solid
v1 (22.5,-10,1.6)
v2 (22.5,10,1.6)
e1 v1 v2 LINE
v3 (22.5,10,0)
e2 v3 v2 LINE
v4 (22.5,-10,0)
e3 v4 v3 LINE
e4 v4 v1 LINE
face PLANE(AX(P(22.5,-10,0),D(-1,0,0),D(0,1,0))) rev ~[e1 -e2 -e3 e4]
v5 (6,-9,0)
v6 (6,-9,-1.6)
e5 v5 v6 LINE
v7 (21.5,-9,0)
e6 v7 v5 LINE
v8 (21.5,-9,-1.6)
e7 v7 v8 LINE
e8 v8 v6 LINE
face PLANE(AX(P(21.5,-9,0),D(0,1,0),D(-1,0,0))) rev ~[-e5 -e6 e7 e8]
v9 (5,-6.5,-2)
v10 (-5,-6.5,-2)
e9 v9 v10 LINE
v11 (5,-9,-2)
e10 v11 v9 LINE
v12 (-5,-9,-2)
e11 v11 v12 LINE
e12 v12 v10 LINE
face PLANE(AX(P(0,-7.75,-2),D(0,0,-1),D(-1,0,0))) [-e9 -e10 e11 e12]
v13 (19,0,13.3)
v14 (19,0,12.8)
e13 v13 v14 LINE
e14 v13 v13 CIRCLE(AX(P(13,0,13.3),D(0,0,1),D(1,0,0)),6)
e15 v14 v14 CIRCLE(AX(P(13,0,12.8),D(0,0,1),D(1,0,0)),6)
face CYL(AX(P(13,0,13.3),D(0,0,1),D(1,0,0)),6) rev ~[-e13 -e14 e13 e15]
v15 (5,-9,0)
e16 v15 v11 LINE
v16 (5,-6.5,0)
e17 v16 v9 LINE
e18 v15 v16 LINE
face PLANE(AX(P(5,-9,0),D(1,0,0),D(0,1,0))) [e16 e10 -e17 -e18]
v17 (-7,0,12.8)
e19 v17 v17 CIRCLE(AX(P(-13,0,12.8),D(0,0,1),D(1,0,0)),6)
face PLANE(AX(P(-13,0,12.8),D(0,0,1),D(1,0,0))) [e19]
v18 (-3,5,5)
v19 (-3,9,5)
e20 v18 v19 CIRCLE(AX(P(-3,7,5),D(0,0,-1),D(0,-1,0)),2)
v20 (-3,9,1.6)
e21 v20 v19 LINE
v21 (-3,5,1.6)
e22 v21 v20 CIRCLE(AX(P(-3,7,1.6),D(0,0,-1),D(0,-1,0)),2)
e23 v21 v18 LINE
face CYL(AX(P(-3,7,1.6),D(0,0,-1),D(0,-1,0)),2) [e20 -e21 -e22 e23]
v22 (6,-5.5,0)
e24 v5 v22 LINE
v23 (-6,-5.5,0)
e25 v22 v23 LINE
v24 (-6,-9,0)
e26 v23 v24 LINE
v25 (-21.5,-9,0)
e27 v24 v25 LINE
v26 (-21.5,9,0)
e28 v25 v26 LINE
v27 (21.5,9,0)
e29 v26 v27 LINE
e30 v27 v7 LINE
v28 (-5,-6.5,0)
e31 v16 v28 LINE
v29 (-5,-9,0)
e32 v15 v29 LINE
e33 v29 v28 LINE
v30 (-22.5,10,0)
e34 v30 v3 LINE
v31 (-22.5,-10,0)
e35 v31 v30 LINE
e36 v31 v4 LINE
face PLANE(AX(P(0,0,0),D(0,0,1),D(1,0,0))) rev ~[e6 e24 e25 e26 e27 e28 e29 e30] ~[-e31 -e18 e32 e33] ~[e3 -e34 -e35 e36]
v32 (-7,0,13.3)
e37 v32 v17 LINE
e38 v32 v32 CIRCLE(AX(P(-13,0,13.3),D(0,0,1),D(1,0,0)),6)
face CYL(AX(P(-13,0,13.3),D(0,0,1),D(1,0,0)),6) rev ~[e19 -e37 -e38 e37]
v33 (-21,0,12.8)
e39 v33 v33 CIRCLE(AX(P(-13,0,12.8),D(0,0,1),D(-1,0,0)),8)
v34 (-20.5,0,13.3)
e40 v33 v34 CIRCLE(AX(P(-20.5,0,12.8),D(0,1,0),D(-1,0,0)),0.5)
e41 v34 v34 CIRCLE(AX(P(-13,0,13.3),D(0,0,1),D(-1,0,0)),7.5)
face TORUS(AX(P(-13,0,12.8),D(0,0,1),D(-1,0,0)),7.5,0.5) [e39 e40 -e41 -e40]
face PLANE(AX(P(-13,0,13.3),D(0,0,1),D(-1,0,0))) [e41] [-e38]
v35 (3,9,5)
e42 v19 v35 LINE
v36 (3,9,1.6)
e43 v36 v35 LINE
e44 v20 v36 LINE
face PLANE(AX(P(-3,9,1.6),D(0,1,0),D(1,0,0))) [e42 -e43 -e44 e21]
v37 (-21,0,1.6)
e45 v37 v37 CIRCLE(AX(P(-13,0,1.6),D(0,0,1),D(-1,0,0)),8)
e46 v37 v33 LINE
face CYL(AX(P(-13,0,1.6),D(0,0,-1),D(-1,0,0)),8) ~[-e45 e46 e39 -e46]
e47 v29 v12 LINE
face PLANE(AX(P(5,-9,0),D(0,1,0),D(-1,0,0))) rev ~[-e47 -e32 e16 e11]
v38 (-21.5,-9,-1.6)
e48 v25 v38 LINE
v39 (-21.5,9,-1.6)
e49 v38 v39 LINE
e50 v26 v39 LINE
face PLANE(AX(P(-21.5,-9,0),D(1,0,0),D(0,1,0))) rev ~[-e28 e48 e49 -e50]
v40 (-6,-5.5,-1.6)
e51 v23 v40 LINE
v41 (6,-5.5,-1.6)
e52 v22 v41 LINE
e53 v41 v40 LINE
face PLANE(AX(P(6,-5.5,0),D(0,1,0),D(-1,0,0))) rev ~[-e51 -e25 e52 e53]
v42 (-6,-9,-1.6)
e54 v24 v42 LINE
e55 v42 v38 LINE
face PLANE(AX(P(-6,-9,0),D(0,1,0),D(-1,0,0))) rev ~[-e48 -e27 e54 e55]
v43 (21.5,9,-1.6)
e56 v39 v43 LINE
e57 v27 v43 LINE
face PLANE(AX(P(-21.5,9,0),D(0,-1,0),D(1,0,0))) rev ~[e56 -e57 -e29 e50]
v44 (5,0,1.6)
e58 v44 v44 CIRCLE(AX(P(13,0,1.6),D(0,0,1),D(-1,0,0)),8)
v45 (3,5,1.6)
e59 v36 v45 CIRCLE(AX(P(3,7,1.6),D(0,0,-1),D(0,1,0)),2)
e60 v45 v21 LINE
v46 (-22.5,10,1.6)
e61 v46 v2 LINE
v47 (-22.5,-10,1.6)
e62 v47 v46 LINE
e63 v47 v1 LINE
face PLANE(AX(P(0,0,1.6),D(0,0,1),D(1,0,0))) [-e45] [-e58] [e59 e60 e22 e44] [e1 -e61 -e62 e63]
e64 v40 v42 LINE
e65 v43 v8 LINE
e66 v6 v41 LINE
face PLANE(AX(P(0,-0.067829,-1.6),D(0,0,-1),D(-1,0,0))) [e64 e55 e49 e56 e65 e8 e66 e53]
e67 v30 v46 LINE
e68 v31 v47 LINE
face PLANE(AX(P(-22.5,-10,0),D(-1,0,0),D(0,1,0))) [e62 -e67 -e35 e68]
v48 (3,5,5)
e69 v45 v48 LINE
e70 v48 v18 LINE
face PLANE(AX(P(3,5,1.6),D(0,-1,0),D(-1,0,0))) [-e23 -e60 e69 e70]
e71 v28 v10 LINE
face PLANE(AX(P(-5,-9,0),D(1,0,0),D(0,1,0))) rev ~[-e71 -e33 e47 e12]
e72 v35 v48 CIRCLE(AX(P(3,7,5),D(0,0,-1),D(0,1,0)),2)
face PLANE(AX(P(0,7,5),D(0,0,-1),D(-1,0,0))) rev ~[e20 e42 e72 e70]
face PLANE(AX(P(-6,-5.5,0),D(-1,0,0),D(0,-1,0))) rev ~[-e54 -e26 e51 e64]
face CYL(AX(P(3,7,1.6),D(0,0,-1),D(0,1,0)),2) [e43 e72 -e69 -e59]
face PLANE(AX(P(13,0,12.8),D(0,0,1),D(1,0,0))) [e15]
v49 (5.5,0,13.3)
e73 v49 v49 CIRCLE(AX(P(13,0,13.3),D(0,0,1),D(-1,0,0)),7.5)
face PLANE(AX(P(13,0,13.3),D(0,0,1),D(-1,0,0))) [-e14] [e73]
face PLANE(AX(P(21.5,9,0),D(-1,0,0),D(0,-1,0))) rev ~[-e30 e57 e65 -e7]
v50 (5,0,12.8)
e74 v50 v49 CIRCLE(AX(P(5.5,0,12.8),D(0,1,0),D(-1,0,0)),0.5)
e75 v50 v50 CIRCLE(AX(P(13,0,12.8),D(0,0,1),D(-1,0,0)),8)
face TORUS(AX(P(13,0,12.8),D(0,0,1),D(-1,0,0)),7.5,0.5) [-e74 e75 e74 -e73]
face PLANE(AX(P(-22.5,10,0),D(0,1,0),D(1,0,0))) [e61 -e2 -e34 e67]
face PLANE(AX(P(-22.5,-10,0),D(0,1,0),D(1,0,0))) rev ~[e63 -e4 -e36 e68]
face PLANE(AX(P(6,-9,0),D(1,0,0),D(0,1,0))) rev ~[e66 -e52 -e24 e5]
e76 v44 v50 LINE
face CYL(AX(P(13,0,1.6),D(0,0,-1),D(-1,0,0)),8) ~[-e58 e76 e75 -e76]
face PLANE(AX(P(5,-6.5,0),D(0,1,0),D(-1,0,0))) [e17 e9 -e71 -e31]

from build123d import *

# Parameters (mm, degrees)
SKETCH_1_W          = 45
SKETCH_1_H          = 20
EXTRUDE_1_DEPTH     = 1.6
SKETCH_2_R          = 8
EXTRUDE_2_DEPTH     = 11.7
FILLET_1_R          = 0.5
SKETCH_3_R          = 6
CUT_EXTRUDE_1_DEPTH = 0.5
EXTRUDE_3_DEPTH     = 3.4
SKETCH_5_W          = 10
SKETCH_5_H          = 2.5
EXTRUDE_4_DEPTH     = 2
EXTRUDE_5_DEPTH     = 1.6


with BuildPart() as part:
    # Эскиз1 → Бобышка-Вытянуть1 (new body)
    with BuildSketch(Plane.XY):
        Rectangle(SKETCH_1_W, SKETCH_1_H)
    extrude(amount=EXTRUDE_1_DEPTH)

    # Эскиз2 → Бобышка-Вытянуть2 (add)
    with BuildSketch(Plane.XY.offset(1.6)):
        with Locations(Location((-13, 0, 0), (0, 0, 180))):
            Circle(SKETCH_2_R)
        with Locations(Location((13, 0, 0), (0, 0, 180))):
            Circle(SKETCH_2_R)
    extrude(amount=EXTRUDE_2_DEPTH)

    # Скругление1
    fillet_1_edges = [part.edges().sort_by_distance(p)[0] for p in [
        (-5, 0, 13.3),
        (21, 0, 13.3),
    ]]
    fillet(fillet_1_edges, radius=FILLET_1_R)

    # Эскиз3 → Вырез-Вытянуть1 (cut)
    with BuildSketch(Plane.XY.offset(13.3)):
        with Locations((-13, 0)):
            Circle(SKETCH_3_R)
        with Locations((13, 0)):
            Circle(SKETCH_3_R)
    extrude(amount=-CUT_EXTRUDE_1_DEPTH, mode=Mode.SUBTRACT)

    # Эскиз4 → Бобышка-Вытянуть3 (add)
    with BuildSketch(Plane.XY.offset(1.6)):
        with BuildLine():
            Line((-3, 9), (3, 9))
            ThreePointArc((3, 9), (5, 7), (3, 5))
            Line((3, 5), (-3, 5))
            ThreePointArc((-3, 5), (-5, 7), (-3, 9))
        make_face()
    extrude(amount=EXTRUDE_3_DEPTH)

    # Эскиз5 → Бобышка-Вытянуть4 (add)
    with BuildSketch(Plane(origin=(0, 0, 0), x_dir=(-1, 0, 0), z_dir=(0, 0, -1))):
        with Locations((0, -7.75)):
            Rectangle(SKETCH_5_W, SKETCH_5_H)
    extrude(amount=EXTRUDE_4_DEPTH)

    # Эскиз8 → Бобышка-Вытянуть5 (add)
    with BuildSketch(Plane(origin=(0, 0, 0), x_dir=(-1, 0, 0), z_dir=(0, 0, -1))):
        Polygon((-6, -9), (-6, -5.5), (6, -5.5), (6, -9), (21.5, -9), (21.5, 9), (-21.5, 9), (-21.5, -9), align=None)
    extrude(amount=EXTRUDE_5_DEPTH)


solid = part.part
